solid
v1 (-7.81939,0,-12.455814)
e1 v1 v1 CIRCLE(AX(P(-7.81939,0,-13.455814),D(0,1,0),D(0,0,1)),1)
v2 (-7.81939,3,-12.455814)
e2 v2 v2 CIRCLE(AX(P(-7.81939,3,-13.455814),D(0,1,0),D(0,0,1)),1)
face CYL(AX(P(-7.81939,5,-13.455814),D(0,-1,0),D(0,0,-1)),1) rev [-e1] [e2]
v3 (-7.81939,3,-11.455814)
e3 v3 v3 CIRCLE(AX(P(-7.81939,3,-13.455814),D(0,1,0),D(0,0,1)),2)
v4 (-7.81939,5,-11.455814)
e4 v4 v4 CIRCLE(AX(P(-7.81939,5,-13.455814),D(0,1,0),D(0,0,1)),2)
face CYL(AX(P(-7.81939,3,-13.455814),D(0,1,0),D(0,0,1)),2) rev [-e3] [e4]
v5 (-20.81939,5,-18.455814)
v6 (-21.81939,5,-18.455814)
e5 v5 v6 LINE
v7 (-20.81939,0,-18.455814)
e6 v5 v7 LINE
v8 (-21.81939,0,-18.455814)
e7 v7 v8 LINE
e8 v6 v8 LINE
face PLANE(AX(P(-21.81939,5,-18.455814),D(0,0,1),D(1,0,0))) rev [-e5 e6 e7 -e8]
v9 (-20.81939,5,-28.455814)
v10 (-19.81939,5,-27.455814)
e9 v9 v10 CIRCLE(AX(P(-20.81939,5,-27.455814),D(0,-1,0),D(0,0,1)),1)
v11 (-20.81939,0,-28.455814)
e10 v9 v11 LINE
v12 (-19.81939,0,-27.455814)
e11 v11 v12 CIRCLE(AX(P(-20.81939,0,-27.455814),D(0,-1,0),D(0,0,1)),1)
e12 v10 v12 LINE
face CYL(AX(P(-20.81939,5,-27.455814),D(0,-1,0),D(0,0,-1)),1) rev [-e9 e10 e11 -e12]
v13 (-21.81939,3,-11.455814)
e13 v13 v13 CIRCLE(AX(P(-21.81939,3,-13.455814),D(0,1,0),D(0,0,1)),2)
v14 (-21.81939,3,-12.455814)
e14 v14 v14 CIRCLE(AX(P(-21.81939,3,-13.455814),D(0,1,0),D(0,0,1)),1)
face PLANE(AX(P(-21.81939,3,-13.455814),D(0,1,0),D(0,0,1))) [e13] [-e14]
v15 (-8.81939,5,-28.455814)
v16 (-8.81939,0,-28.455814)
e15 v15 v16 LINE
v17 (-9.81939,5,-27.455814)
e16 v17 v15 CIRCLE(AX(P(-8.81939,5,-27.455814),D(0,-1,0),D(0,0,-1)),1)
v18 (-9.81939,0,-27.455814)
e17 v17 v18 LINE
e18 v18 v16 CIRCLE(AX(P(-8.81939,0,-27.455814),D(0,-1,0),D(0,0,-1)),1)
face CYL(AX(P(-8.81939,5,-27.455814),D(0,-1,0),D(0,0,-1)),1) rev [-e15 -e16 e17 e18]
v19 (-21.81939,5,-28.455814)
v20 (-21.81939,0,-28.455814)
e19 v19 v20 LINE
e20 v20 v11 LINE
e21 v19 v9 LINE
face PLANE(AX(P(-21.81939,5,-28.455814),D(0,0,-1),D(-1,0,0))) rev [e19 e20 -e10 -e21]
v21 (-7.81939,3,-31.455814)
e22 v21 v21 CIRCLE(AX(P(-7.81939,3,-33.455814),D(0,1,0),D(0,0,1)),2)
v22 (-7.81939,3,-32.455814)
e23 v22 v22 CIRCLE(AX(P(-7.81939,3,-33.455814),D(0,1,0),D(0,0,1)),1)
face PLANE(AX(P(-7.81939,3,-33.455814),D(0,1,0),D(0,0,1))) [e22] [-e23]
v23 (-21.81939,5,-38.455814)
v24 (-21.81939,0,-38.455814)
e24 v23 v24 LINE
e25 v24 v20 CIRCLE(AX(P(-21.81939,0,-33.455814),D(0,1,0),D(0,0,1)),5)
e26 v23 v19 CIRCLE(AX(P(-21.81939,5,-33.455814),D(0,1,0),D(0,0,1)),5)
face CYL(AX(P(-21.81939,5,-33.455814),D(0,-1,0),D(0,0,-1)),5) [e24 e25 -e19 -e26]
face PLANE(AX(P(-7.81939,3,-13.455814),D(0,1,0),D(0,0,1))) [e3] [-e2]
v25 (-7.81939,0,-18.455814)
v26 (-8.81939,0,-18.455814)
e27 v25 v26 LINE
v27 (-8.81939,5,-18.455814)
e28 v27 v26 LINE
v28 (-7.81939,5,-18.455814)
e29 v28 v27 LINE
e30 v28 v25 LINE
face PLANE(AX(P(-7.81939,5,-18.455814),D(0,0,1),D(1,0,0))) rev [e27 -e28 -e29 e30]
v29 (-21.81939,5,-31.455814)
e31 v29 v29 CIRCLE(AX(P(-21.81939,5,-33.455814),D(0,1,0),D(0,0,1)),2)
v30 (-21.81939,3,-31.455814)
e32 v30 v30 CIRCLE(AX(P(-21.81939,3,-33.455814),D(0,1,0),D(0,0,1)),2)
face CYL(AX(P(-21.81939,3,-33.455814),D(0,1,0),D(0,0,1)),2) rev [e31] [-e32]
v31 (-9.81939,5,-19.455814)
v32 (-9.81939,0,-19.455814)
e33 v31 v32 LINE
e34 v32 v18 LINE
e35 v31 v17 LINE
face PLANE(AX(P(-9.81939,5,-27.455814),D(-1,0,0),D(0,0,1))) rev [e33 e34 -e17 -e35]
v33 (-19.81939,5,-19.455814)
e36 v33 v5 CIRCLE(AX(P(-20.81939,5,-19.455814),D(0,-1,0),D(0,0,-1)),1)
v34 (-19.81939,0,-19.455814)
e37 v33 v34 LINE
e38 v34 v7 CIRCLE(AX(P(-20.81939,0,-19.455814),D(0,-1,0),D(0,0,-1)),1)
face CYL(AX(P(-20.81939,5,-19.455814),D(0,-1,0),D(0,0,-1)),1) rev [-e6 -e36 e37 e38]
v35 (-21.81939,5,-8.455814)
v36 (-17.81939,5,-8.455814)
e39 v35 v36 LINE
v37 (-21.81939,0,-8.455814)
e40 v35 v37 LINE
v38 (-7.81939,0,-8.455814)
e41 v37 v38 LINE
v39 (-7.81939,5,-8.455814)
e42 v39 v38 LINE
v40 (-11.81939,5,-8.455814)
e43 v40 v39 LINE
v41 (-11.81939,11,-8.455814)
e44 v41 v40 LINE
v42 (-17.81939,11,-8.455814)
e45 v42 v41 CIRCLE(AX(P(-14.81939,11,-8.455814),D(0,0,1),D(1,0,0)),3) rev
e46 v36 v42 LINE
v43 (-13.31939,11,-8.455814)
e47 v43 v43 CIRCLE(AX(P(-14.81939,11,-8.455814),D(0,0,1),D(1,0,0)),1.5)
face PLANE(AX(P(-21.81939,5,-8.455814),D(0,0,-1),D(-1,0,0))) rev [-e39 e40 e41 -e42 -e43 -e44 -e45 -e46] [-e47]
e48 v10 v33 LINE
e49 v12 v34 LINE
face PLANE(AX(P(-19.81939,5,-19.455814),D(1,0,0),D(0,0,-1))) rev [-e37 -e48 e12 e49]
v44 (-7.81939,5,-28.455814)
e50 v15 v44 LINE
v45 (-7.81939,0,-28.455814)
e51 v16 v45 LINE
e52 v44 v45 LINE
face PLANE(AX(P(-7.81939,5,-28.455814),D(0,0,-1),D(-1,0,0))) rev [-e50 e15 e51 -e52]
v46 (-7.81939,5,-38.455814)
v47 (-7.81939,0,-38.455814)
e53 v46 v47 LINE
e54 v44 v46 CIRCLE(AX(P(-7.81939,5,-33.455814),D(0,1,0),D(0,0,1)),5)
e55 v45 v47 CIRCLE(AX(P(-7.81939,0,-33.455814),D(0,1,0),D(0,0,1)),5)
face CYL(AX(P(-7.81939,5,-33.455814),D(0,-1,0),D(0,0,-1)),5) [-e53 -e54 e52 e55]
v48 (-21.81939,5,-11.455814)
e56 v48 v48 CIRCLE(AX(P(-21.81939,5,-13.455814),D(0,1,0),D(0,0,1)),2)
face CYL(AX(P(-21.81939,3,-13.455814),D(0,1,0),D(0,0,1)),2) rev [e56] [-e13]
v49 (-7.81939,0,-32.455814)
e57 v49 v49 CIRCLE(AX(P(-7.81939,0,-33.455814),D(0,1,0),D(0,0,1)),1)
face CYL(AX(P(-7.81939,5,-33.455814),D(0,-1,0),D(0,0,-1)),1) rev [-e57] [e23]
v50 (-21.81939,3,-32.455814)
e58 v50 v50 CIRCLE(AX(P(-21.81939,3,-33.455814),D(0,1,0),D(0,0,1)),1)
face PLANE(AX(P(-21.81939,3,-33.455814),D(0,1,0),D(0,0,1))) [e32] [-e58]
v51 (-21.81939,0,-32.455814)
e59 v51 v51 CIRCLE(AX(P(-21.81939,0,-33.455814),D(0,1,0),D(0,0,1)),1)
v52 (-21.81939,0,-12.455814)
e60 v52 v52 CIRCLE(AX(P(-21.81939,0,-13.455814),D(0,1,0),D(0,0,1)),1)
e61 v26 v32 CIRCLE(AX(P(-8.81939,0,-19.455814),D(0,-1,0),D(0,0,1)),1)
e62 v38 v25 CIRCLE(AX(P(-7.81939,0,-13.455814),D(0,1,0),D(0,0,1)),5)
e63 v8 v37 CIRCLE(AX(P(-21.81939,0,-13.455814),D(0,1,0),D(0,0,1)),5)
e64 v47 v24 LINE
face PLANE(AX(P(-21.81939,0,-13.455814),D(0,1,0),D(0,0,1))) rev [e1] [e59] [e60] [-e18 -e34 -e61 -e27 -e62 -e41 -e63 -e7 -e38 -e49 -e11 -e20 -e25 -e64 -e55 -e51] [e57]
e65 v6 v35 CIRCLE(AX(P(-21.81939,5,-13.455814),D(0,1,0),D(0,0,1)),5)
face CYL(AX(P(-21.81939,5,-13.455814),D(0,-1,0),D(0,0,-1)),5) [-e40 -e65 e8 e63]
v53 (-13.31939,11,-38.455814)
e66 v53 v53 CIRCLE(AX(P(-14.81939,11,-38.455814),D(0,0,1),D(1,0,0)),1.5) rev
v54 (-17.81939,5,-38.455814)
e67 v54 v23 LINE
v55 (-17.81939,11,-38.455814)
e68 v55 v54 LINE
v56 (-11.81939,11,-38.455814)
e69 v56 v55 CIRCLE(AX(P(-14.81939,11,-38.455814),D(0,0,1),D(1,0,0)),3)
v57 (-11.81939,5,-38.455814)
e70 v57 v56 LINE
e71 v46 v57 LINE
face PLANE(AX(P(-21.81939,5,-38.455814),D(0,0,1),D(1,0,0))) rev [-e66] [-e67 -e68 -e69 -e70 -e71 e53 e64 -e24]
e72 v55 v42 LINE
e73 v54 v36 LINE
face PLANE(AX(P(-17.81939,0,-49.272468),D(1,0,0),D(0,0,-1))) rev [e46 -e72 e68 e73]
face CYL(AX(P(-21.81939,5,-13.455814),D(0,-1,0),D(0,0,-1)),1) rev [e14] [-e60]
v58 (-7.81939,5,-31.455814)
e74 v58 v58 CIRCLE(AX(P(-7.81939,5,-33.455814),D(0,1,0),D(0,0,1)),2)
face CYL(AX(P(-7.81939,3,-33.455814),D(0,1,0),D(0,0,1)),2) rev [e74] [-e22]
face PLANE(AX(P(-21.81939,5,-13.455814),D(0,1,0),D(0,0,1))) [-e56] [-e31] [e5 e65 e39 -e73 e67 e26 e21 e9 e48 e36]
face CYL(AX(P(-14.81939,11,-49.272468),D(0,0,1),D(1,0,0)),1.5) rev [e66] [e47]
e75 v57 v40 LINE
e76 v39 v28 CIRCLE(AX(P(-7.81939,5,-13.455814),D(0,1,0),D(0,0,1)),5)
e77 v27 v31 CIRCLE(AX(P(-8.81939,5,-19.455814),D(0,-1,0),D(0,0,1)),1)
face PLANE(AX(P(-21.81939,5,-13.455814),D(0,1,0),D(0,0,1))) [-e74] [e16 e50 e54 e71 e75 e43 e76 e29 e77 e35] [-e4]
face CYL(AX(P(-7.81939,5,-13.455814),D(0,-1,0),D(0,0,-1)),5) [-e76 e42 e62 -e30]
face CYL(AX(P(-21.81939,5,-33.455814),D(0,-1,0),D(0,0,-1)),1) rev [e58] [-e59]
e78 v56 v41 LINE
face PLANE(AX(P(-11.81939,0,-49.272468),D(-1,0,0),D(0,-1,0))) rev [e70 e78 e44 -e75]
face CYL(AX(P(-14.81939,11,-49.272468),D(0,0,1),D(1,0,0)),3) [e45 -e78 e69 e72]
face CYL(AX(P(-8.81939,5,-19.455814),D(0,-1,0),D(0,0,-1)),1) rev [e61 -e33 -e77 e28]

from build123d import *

# Parameters (mm, degrees)
SKETCH_1_R          = 1
EXTRUDE_1_DEPTH     = 5
SKETCH_7_R          = 1.5
EXTRUDE_3_DEPTH     = 30
SKETCH_8_R          = 2
CUT_EXTRUDE_1_DEPTH = 2


with BuildPart() as part:
    # 草图1 → 凸台-拉伸1 (new body)
    with BuildSketch(Plane(origin=(0, 0, 0), x_dir=(1, 0, 0), z_dir=(0, 1, 0))):
        with BuildLine():
            Line((-21.819389518, 18.45581381), (-20.819389518, 18.45581381))
            ThreePointArc((-20.819389518, 18.45581381), (-20.112282737, 18.748707029), (-19.819389518, 19.45581381))
            Line((-19.819389518, 19.45581381), (-19.819389518, 27.45581381))
            ThreePointArc((-19.819389518, 27.45581381), (-20.112282737, 28.162920591), (-20.819389518, 28.45581381))
            Line((-20.819389518, 28.45581381), (-21.819389518, 28.45581381))
            ThreePointArc((-21.819389518, 28.45581381), (-26.819389518, 33.45581381), (-21.819389518, 38.45581381))
            Line((-21.819389518, 38.45581381), (-7.819389518, 38.45581381))
            ThreePointArc((-7.819389518, 38.45581381), (-2.819389518, 33.45581381), (-7.819389518, 28.45581381))
            Line((-7.819389518, 28.45581381), (-8.819389518, 28.45581381))
            ThreePointArc((-8.819389518, 28.45581381), (-9.526496299, 28.162920591), (-9.819389518, 27.45581381))
            Line((-9.819389518, 27.45581381), (-9.819389518, 19.45581381))
            ThreePointArc((-9.819389518, 19.45581381), (-9.526496299, 18.748707029), (-8.819389518, 18.45581381))
            Line((-8.819389518, 18.45581381), (-7.819389518, 18.45581381))
            ThreePointArc((-7.819389518, 18.45581381), (-2.819389518, 13.45581381), (-7.819389518, 8.45581381))
            Line((-7.819389518, 8.45581381), (-21.819389518, 8.45581381))
            ThreePointArc((-21.819389518, 8.45581381), (-26.819389518, 13.45581381), (-21.819389518, 18.45581381))
        make_face()
        with Locations(Location((-21.819389518, 13.45581381, 0), (0, 0, 270))):
            Circle(SKETCH_1_R, mode=Mode.SUBTRACT)
        with Locations(Location((-7.819389518, 13.45581381, 0), (0, 0, 270))):
            Circle(SKETCH_1_R, mode=Mode.SUBTRACT)
        with Locations(Location((-21.819389518, 33.45581381, 0), (0, 0, 270))):
            Circle(SKETCH_1_R, mode=Mode.SUBTRACT)
        with Locations(Location((-7.819389518, 33.45581381, 0), (0, 0, 270))):
            Circle(SKETCH_1_R, mode=Mode.SUBTRACT)
    extrude(amount=EXTRUDE_1_DEPTH)

    # 草图7 → 凸台-拉伸3 (add)
    with BuildSketch(Plane.XY.offset(-8.45581381)):
        with BuildLine():
            Line((-17.819389518, 11), (-17.819389518, 5))
            Line((-17.819389518, 5), (-11.819389518, 5))
            Line((-11.819389518, 5), (-11.819389518, 11))
            ThreePointArc((-11.819389518, 11), (-14.819389518, 14), (-17.819389518, 11))
        make_face()
        with Locations((-14.819389518, 11)):
            Circle(SKETCH_7_R, mode=Mode.SUBTRACT)
    extrude(amount=-EXTRUDE_3_DEPTH)

    # 草图8 → 切除-拉伸1 (cut)
    with BuildSketch(Plane(origin=(0, 5, 0), x_dir=(1, 0, 0), z_dir=(0, 1, 0))):
        with Locations(Location((-21.819389518, 33.45581381, 0), (0, 0, 270))):
            Circle(SKETCH_8_R)
        with Locations(Location((-7.819389518, 33.45581381, 0), (0, 0, 270))):
            Circle(SKETCH_8_R)
        with Locations(Location((-21.819389518, 13.45581381, 0), (0, 0, 270))):
            Circle(SKETCH_8_R)
        with Locations(Location((-7.819389518, 13.45581381, 0), (0, 0, 270))):
            Circle(SKETCH_8_R)
    extrude(amount=-CUT_EXTRUDE_1_DEPTH, mode=Mode.SUBTRACT)


solid = part.part
